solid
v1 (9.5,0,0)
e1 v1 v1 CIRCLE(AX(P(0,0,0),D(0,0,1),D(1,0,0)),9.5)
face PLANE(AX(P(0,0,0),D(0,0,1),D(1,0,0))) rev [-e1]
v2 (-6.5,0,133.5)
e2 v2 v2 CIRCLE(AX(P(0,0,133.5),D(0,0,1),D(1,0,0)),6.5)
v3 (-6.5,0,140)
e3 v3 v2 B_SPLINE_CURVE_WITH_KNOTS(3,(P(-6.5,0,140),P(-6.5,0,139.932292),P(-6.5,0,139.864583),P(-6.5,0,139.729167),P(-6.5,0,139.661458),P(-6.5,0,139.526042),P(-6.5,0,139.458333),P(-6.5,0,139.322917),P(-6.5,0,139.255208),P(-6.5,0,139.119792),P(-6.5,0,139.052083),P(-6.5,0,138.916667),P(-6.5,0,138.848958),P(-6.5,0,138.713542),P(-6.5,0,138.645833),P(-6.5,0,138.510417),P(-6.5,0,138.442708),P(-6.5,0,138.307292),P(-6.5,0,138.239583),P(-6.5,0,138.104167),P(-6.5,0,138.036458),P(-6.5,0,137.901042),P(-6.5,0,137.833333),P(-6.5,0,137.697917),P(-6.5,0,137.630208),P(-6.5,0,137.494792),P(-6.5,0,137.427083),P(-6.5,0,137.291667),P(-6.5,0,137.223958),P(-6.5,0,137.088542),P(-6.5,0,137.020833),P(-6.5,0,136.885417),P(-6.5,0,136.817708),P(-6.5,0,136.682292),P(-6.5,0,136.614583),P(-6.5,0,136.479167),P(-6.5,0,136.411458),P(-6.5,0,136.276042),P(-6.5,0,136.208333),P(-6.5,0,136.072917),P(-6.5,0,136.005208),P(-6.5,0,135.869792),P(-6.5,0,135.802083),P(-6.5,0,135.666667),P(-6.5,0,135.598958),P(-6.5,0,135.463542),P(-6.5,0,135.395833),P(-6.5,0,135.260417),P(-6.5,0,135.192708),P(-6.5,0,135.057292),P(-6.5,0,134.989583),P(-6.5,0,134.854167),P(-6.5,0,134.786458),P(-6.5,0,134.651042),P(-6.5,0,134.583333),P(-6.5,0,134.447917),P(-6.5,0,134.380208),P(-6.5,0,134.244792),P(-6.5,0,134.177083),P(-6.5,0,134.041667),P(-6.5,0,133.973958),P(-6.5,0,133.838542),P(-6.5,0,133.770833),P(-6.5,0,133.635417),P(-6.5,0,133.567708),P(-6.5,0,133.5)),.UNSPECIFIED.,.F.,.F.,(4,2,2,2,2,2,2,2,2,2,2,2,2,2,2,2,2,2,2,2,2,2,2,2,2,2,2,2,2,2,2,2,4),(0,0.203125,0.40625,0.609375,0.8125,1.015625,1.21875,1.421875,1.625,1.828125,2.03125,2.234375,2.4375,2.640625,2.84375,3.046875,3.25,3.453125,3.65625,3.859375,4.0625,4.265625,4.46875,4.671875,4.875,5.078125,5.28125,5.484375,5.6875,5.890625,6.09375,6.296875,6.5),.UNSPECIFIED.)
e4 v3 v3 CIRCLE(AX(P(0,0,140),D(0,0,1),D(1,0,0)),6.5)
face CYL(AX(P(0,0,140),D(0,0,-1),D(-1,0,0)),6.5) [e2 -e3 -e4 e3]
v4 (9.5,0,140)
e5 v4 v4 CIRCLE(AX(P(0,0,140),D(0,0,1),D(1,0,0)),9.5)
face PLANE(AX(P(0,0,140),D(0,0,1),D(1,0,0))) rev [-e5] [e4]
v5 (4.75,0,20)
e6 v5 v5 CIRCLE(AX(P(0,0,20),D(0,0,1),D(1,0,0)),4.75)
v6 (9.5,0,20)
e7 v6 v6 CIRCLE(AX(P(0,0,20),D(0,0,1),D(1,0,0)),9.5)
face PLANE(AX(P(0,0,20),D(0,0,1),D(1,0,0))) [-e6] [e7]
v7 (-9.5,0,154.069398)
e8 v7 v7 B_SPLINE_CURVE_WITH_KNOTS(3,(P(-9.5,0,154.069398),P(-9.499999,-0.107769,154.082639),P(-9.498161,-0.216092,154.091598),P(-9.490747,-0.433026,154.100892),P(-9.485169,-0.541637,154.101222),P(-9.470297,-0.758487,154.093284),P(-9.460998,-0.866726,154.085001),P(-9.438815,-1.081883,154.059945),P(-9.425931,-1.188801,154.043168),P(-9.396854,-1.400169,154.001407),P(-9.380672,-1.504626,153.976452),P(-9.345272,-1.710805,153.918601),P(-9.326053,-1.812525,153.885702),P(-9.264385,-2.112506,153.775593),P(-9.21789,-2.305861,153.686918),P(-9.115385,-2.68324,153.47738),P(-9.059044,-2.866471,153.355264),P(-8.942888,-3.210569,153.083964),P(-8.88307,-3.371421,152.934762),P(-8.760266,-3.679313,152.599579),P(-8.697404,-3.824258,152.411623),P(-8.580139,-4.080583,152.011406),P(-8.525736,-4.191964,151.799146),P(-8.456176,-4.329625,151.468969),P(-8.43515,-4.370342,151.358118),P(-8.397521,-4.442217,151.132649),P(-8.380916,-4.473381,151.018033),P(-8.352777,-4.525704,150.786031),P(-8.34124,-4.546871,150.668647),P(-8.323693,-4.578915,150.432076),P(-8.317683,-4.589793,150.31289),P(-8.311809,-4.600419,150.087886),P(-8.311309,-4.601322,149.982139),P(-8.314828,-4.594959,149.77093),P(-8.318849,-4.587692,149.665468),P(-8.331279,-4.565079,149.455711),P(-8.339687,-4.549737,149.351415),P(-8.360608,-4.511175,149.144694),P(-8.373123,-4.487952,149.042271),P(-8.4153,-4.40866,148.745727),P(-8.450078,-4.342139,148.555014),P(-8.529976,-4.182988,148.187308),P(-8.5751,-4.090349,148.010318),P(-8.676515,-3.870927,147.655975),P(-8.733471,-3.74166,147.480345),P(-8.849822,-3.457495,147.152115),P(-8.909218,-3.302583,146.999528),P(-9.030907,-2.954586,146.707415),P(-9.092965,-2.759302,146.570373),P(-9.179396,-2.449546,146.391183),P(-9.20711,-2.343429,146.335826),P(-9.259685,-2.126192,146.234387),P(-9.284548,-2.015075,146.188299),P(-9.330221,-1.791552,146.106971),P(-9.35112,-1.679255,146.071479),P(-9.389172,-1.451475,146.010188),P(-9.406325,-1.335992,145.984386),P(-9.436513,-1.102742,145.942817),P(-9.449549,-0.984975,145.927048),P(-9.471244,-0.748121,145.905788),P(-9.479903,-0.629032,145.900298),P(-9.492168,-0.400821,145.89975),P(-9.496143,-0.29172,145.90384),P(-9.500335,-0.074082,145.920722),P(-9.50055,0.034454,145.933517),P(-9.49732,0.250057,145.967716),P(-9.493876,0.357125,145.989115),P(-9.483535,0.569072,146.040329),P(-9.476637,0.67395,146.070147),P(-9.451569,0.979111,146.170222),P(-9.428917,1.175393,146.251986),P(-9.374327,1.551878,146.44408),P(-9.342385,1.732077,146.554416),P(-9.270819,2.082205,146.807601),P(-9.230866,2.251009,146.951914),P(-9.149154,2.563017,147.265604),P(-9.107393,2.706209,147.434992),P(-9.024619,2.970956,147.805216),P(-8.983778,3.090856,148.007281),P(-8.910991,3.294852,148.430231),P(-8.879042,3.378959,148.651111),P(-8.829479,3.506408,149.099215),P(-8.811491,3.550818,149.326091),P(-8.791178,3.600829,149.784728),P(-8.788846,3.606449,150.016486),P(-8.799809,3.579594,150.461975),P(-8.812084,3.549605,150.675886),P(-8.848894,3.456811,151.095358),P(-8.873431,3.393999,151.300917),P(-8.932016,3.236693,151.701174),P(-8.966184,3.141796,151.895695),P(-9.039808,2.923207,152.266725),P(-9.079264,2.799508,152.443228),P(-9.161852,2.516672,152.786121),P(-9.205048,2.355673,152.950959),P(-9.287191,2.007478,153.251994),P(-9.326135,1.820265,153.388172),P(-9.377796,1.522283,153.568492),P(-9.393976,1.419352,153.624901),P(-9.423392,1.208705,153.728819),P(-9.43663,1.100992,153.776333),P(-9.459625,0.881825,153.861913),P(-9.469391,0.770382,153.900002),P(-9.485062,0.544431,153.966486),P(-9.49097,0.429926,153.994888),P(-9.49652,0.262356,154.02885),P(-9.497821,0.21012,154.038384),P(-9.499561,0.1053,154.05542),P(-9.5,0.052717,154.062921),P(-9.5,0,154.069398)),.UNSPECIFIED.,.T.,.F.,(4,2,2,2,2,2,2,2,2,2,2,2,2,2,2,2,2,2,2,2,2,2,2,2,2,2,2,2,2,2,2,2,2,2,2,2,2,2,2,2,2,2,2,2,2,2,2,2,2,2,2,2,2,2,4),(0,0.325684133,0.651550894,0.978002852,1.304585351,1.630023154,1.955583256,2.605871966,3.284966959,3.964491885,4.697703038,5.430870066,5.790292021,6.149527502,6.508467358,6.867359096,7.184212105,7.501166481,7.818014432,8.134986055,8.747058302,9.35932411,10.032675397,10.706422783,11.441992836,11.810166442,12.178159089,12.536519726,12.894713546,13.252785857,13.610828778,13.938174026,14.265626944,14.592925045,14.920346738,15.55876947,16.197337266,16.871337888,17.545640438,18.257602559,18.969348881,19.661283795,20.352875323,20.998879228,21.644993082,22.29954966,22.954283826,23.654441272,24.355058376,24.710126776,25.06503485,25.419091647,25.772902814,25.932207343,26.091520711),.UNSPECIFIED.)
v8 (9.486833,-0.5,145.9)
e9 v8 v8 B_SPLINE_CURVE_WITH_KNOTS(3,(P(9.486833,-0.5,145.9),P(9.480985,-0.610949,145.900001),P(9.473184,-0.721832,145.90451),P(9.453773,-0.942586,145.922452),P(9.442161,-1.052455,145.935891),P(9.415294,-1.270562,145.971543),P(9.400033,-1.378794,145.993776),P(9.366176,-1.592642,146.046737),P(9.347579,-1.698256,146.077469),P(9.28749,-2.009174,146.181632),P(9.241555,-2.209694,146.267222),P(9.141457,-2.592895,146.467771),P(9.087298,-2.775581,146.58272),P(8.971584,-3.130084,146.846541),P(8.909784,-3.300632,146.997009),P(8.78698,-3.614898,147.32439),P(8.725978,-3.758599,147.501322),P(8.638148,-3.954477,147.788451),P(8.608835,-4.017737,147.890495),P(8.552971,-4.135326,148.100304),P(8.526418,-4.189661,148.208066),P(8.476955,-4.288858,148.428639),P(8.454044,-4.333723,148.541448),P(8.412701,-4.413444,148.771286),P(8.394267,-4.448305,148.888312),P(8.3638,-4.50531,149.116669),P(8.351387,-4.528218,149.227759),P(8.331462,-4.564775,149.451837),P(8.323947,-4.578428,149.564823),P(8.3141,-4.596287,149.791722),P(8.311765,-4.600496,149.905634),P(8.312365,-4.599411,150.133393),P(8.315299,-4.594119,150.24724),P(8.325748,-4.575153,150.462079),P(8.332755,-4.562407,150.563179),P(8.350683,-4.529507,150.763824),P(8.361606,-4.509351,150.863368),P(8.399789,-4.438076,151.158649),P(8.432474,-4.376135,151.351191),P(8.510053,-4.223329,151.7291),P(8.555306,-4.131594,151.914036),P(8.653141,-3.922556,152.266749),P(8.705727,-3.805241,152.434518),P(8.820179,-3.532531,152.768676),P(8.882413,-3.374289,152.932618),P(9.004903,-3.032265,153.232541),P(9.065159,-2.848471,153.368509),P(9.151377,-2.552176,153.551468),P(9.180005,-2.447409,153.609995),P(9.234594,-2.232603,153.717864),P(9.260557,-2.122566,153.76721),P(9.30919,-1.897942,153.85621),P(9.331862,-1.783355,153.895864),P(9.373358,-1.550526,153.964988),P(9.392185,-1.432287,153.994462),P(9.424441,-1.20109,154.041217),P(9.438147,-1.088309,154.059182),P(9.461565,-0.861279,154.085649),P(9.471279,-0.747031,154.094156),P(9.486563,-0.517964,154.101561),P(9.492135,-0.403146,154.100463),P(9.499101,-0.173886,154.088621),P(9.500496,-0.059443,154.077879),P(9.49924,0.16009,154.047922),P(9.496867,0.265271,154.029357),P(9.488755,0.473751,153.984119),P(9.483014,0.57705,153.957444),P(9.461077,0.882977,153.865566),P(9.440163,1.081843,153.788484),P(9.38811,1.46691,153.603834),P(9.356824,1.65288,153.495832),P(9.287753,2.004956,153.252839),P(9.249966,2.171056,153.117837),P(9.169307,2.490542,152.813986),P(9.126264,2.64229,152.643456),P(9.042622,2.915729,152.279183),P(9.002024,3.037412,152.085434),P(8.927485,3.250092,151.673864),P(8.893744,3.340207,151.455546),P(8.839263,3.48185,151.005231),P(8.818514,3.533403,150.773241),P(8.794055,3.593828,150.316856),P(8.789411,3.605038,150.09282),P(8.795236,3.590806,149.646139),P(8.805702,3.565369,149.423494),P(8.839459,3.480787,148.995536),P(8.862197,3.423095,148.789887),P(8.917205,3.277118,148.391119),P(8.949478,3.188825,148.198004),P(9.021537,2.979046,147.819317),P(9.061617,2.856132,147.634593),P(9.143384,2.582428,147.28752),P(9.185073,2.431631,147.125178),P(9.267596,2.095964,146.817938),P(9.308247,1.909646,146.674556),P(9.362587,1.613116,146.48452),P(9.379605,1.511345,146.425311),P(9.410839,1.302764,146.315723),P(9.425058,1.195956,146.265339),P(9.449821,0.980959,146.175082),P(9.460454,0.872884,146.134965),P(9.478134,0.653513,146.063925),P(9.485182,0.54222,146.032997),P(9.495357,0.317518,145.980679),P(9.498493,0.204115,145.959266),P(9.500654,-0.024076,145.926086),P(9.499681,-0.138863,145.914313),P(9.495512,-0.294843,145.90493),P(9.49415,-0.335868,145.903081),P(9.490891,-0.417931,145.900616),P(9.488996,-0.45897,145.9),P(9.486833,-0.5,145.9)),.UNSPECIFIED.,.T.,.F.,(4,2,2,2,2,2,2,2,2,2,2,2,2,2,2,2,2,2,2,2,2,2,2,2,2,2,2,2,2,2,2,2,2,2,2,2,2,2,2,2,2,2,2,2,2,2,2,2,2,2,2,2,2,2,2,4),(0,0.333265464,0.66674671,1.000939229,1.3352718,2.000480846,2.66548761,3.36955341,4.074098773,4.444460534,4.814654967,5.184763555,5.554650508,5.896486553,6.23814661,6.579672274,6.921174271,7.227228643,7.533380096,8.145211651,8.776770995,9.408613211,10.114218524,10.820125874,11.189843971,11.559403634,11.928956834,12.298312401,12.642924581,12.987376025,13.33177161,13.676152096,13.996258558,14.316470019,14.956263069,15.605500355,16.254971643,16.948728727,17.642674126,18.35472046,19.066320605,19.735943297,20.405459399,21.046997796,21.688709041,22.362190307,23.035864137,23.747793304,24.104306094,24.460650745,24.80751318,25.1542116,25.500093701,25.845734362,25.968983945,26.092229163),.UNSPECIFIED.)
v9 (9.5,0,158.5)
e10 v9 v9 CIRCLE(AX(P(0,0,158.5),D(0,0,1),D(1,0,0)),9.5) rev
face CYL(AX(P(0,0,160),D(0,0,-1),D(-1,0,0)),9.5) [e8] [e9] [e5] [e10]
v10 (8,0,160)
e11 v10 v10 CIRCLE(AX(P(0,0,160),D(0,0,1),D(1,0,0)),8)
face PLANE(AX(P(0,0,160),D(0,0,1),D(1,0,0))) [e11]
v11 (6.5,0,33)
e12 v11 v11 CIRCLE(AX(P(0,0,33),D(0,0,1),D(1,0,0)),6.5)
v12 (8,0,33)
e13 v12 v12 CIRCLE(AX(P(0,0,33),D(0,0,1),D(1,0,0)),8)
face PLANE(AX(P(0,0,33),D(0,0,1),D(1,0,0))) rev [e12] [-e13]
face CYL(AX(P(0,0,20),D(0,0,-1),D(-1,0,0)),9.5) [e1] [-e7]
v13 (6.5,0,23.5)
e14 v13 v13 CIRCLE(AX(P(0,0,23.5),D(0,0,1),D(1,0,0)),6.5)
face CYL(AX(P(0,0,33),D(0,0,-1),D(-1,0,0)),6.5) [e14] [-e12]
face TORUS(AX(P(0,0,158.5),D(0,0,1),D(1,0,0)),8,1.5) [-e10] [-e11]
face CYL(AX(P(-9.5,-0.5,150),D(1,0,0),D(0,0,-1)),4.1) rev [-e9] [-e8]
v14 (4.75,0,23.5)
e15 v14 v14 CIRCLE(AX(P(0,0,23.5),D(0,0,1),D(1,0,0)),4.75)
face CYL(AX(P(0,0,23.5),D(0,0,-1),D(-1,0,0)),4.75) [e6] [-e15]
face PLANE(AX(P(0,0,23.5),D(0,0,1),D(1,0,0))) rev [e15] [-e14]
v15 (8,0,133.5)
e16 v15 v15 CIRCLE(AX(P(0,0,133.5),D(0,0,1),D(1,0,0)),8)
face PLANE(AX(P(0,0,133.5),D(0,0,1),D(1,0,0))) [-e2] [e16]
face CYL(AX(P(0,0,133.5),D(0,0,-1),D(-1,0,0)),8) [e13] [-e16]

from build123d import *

# Parameters (mm, degrees)
SKETCH1_R               = 9.5
BOSS_EXTRUDE1_DEPTH     = 20
SKETCH2_R               = 4.75
BOSS_EXTRUDE2_DEPTH     = 3.5
SKETCH3_R               = 6.5
BOSS_EXTRUDE3_DEPTH     = 9.5
SKETCH4_R               = 8
BOSS_EXTRUDE4_DEPTH     = 100.5
SKETCH5_R               = 6.5
BOSS_EXTRUDE5_DEPTH     = 6.5
SKETCH6_R               = 9.5
BOSS_EXTRUDE6_DEPTH     = 20
CUT_EXTRUDE1_DEPTH      = 161.563071719
CUT_EXTRUDE1_DEPTH_BACK = 161.563071719
SKETCH7_R               = 4.1
FILLET1_R               = 1.5


with BuildPart() as part:
    # Sketch1 → Boss-Extrude1 (new body)
    with BuildSketch(Plane.XY):
        Circle(SKETCH1_R)
    extrude(amount=BOSS_EXTRUDE1_DEPTH)

    # Sketch2 → Boss-Extrude2 (add)
    with BuildSketch(Plane.XY.offset(20)):
        Circle(SKETCH2_R)
    extrude(amount=BOSS_EXTRUDE2_DEPTH)

    # Sketch3 → Boss-Extrude3 (add)
    with BuildSketch(Plane.XY.offset(23.5)):
        Circle(SKETCH3_R)
    extrude(amount=BOSS_EXTRUDE3_DEPTH)

    # Sketch4 → Boss-Extrude4 (add)
    with BuildSketch(Plane.XY.offset(33)):
        Circle(SKETCH4_R)
    extrude(amount=BOSS_EXTRUDE4_DEPTH)

    # Sketch5 → Boss-Extrude5 (add)
    with BuildSketch(Plane.XY.offset(133.5)):
        Circle(SKETCH5_R)
    extrude(amount=BOSS_EXTRUDE5_DEPTH)

    # Sketch6 → Boss-Extrude6 (add)
    with BuildSketch(Plane.XY.offset(140)):
        Circle(SKETCH6_R)
    extrude(amount=BOSS_EXTRUDE6_DEPTH)

    # Sketch7 → Cut-Extrude1 (cut, two sides: drawn at the far end of the back side and taken through both)
    with BuildSketch(Plane(origin=(0, 0, 0), x_dir=(0, 0, -1), z_dir=(1, 0, 0)).offset(-CUT_EXTRUDE1_DEPTH_BACK)):
        with Locations((-150, -0.5)):
            Circle(SKETCH7_R)
    extrude(amount=CUT_EXTRUDE1_DEPTH + CUT_EXTRUDE1_DEPTH_BACK, mode=Mode.SUBTRACT)

    # Fillet1
    fillet1_edges = [part.edges().sort_by_distance(p)[0] for p in [
        (-9.5, 0, 160),
    ]]
    fillet(fillet1_edges, radius=FILLET1_R)


solid = part.part
